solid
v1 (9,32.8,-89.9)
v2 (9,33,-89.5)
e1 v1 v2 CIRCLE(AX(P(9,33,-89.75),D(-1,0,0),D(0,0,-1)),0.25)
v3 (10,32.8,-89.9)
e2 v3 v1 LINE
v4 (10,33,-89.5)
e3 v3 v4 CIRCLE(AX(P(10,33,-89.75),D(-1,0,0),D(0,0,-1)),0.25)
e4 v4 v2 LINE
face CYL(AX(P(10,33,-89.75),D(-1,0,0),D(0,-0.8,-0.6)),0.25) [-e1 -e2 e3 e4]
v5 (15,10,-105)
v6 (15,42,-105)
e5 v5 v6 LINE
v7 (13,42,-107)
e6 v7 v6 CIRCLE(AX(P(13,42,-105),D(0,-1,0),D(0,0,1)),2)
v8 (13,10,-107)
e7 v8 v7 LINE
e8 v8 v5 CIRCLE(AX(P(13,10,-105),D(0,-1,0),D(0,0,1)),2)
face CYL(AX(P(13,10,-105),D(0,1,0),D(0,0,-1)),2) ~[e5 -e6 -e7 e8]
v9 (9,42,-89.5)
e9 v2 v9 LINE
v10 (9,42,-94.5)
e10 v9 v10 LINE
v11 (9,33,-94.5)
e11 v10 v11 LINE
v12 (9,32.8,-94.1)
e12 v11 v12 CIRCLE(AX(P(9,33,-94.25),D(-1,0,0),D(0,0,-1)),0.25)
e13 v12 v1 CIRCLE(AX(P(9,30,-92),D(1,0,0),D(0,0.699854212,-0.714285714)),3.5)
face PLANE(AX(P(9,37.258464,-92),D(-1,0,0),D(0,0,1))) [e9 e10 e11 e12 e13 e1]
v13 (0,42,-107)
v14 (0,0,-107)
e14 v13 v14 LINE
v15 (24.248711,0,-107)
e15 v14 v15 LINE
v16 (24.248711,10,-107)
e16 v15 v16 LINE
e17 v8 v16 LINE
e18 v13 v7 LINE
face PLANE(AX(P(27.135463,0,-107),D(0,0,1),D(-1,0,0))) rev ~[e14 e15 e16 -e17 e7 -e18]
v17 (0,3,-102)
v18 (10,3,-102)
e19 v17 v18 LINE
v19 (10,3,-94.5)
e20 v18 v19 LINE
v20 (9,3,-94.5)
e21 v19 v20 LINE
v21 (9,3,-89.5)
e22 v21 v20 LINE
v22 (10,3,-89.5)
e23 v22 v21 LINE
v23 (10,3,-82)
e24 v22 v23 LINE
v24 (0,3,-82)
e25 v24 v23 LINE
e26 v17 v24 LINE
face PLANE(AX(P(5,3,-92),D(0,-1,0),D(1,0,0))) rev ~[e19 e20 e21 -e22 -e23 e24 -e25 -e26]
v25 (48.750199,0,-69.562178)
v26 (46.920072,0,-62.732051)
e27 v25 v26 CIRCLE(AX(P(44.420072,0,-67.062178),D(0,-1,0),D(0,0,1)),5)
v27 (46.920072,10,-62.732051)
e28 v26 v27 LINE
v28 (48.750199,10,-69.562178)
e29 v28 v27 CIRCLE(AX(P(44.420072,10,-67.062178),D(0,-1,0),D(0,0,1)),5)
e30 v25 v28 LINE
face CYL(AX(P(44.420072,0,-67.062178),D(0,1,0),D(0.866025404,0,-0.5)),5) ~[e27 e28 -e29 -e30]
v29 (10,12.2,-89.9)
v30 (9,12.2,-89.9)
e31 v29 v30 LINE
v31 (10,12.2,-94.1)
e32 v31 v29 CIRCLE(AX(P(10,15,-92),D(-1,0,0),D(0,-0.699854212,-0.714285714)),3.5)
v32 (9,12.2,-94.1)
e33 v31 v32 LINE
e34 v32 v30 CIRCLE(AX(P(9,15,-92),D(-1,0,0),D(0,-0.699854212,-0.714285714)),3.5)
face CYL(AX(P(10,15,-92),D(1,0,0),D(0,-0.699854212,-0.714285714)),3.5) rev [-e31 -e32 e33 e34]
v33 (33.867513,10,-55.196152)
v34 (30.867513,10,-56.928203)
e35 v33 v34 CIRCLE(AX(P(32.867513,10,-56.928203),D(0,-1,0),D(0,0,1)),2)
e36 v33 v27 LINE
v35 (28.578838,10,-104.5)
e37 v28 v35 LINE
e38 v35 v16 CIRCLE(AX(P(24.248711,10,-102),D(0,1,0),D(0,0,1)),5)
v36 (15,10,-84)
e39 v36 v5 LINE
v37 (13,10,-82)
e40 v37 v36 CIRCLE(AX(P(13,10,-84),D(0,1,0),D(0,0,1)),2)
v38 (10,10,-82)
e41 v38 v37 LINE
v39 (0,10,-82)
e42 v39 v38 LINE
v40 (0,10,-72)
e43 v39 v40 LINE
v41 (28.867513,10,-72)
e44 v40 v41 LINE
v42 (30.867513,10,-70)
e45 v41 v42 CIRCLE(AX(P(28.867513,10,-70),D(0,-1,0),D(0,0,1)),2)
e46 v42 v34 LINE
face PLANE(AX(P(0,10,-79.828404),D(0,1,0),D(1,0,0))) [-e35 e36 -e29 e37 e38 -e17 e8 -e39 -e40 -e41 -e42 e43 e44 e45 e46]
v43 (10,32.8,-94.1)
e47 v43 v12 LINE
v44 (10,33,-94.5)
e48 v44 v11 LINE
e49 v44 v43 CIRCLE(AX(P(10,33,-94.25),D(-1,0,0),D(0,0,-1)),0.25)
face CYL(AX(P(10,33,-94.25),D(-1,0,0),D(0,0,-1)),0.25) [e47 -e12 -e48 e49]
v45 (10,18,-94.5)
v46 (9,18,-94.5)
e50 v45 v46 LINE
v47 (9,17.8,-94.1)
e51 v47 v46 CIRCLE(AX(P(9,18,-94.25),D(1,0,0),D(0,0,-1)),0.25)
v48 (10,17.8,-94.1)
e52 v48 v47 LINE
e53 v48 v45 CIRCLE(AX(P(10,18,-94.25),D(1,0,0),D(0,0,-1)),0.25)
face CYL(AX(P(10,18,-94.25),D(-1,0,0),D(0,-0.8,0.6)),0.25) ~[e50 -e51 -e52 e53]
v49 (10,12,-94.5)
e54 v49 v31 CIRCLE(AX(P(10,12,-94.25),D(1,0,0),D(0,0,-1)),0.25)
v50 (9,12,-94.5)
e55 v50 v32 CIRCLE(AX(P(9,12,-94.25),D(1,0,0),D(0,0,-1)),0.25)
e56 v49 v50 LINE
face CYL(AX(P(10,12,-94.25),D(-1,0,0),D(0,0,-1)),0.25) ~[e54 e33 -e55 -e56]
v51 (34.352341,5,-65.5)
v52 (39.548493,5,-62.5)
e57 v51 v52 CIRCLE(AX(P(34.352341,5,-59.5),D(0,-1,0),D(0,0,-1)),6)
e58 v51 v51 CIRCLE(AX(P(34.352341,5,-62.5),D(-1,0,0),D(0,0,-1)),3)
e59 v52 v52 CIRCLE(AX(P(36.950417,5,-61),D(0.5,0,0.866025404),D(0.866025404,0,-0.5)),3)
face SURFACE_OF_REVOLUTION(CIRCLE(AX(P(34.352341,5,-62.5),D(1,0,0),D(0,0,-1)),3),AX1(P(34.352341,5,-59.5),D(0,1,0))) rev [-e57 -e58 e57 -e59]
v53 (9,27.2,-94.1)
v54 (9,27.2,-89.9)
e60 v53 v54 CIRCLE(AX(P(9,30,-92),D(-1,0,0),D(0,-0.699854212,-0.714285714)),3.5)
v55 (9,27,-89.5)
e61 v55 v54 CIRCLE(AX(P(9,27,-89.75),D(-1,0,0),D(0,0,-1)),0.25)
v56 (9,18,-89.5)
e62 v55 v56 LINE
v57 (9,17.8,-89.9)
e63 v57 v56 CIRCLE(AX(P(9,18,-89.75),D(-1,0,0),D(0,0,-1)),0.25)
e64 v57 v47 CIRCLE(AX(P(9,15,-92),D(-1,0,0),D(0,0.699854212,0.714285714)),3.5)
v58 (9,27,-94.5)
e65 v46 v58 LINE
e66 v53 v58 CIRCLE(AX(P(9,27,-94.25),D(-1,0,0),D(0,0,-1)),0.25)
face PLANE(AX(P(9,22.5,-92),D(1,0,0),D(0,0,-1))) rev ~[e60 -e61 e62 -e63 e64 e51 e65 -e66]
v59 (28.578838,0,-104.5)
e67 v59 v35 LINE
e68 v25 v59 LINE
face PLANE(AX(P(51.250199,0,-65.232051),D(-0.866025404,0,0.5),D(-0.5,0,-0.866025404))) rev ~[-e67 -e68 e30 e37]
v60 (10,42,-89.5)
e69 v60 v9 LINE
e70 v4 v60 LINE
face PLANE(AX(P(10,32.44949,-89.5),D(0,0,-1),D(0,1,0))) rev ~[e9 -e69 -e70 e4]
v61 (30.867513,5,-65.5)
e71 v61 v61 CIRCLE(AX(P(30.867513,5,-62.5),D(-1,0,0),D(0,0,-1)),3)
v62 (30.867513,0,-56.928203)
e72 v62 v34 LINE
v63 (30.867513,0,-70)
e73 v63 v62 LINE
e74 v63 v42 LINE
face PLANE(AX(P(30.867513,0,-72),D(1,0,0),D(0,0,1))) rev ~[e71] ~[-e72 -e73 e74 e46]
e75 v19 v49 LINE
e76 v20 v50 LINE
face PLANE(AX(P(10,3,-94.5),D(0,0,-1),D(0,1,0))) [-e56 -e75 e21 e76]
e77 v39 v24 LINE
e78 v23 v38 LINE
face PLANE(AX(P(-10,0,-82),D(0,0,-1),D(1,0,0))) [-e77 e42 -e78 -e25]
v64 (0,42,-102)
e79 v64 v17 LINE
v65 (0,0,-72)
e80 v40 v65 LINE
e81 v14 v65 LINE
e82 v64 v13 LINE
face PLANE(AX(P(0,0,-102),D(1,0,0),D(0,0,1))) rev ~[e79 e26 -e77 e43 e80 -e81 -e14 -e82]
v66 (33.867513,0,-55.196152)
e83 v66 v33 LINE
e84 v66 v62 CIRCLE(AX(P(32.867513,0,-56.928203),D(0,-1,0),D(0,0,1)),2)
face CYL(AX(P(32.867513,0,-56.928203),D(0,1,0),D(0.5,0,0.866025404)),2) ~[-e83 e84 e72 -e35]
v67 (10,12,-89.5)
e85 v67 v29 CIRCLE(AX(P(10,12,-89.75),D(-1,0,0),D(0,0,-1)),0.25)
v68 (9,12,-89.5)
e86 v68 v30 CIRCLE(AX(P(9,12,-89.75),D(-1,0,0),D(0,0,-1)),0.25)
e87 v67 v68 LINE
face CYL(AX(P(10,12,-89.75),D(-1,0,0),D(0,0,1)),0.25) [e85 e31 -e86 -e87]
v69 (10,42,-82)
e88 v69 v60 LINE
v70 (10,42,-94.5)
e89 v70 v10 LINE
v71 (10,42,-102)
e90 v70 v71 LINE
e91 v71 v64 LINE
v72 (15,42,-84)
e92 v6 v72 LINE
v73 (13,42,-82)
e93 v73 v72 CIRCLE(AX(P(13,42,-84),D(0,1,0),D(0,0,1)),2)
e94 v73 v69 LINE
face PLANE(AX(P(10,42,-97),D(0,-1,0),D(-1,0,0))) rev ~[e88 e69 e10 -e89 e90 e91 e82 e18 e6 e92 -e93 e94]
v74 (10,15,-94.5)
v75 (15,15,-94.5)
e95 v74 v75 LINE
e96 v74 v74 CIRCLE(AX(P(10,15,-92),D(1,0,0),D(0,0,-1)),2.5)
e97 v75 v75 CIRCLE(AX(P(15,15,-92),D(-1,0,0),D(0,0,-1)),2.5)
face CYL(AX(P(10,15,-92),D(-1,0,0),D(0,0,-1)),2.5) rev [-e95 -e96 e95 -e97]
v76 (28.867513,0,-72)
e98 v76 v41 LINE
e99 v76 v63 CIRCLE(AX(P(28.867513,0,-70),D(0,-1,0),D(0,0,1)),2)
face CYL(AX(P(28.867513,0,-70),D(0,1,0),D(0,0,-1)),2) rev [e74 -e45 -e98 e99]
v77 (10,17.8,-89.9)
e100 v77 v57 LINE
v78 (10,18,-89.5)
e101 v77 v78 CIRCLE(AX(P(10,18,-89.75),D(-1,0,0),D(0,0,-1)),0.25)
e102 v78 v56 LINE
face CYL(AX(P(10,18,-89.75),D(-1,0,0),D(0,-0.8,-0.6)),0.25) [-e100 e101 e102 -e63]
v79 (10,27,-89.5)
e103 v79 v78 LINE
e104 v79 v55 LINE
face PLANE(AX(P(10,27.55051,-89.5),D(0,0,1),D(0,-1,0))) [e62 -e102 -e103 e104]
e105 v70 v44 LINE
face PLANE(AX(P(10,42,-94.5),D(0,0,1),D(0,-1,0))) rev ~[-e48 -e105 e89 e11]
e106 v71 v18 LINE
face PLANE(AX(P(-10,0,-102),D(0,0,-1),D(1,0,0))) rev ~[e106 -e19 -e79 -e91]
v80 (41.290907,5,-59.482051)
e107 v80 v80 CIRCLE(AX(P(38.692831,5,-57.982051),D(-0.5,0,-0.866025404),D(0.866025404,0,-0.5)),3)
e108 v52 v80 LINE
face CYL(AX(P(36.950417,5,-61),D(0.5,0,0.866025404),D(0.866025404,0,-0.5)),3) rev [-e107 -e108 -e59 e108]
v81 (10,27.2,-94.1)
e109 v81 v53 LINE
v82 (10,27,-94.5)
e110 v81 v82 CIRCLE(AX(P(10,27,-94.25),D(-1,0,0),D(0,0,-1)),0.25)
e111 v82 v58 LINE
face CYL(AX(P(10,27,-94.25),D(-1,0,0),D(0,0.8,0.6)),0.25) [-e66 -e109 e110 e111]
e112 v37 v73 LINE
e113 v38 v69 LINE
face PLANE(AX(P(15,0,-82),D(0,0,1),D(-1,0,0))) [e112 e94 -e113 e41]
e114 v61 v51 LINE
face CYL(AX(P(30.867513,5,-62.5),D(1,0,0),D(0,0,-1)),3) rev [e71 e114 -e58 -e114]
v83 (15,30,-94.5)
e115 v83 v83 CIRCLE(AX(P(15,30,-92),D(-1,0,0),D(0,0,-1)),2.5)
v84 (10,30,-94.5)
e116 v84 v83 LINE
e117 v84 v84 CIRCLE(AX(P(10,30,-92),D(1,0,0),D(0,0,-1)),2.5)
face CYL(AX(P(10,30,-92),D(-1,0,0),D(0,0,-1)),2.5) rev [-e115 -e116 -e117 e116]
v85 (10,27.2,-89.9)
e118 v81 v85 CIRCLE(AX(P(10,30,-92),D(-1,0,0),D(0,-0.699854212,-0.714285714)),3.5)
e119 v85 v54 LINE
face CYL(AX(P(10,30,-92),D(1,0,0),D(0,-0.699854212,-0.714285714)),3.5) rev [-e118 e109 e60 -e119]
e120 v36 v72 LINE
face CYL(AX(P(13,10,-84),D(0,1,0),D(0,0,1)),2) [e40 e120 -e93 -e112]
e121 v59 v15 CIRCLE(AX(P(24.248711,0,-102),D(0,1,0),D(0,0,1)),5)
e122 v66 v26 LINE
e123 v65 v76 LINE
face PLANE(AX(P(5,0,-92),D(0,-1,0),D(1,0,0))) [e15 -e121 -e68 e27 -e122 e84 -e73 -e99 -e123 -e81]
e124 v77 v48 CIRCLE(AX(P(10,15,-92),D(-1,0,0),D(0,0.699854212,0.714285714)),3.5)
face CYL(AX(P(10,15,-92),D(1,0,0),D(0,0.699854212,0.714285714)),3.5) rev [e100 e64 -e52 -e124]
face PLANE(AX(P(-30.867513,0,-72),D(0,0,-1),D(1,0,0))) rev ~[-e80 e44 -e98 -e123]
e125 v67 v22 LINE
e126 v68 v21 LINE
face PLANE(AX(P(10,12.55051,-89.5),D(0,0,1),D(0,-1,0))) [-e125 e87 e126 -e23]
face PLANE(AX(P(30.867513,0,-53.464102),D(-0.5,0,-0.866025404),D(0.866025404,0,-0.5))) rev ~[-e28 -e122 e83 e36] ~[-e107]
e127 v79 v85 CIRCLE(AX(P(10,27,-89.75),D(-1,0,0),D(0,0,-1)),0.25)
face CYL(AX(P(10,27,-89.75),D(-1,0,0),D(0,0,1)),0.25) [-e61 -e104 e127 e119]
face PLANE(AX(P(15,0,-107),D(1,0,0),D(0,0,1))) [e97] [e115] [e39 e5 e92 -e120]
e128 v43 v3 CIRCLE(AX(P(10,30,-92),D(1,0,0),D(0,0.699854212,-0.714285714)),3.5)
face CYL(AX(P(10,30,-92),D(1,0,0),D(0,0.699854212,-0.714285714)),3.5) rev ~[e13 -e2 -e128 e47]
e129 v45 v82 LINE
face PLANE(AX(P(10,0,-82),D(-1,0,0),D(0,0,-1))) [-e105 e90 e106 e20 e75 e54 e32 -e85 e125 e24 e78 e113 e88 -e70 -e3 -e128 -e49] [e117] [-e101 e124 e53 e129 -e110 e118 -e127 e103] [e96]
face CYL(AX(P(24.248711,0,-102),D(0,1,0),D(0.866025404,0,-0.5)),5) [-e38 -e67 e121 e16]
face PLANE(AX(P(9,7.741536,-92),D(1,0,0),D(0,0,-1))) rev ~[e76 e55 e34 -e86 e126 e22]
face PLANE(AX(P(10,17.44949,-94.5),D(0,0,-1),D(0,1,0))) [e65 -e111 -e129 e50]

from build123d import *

# Parameters (mm, degrees)
SKETCH1_W                = 20
SKETCH1_H                = 20.000000000000014
BOSS_EXTRUDE1_DEPTH      = 10
SKETCH2_R                = 3.000000000000015
CUT_EXTRUDE1_DEPTH       = 120.06125706799004
BOSS_EXTRUDE2_DEPTH      = 32
BOSS_EXTRUDE2_DEPTH_BACK = 10
SKETCH7_R                = 2.4999999999999956
CUT_EXTRUDE3_DEPTH       = 20
SKETCH8_W                = 10
SKETCH8_H                = 20.000000000000014
BOSS_EXTRUDE4_DEPTH      = 3
BOSS_EXTRUDE5_DEPTH      = 1
FILLET1_R                = 0.25
FILLET3_R                = 2
FILLET4_R                = 5


with BuildPart() as part:
    # Sketch1 → Boss-Extrude1 (new body)
    with BuildSketch(Plane(origin=(0, 0, 0), x_dir=(1, 0, 0), z_dir=(0, 1, 0))):
        Polygon((-51.25019936166113, 65.23205080756885), (-46.92007234273894, 62.732050807568854), (-30.867513459481355, 53.46410161513777), (-30.867513459481355, 72), (30.867513459481284, 72), (30.867513459481284, 53.46410161513781), (46.92007234273889, 62.73205080756891), (51.25019936166109, 65.23205080756892), (27.13546265191245, 106.99999999999991), (-27.135462651912732, 106.99999999999991), align=None)
        with Locations((0, 91.99999999999991)):
            Rectangle(SKETCH1_W, SKETCH1_H, mode=Mode.SUBTRACT)
    extrude(amount=BOSS_EXTRUDE1_DEPTH)

    # Cut-Sweep1: sweep along a path in Sketch3
    with BuildLine(Plane(origin=(0, 5, 0), x_dir=(1, 0, 0), z_dir=(0, 1, 0))) as cut_sweep1_path:
        Line((-30.867513459481355, 62.499999999999986), (-34.35234101678278, 62.499999999999986))
        ThreePointArc((-34.35234101678278, 62.499999999999986), (-35.85234101678278, 62.0980762113533), (-36.9504172281361, 60.999999999999986))
        Line((-36.9504172281361, 60.999999999999986), (-38.69283100678681, 57.98205080756888))
    # Sketch2 → Cut-Sweep1 (sweep, cut)
    with BuildSketch(Plane(origin=(-30.867513459481355, 0, 0), x_dir=(0, 0, -1), z_dir=(1, 0, 0))):
        with Locations((62.49999999999999, 5)):
            Circle(SKETCH2_R)
    cut_sweep1 = sweep(path=cut_sweep1_path.line, mode=Mode.SUBTRACT)

    # Mirror3: Cut-Sweep1 across plane
    add(cut_sweep1.mirror(Plane(origin=(0, 0, 0), x_dir=(0, 0, 1), z_dir=(1, 0, 0))), mode=Mode.SUBTRACT)

    # Sketch4 → Cut-Extrude1 (cut, through all)
    with BuildSketch(Plane(origin=(0, 0, 0), x_dir=(0, 0, -1), z_dir=(1, 0, 0))):
        Polygon((65.23205080756894, 0), (106.99999999999991, 0), (106.99999999999991, 10), (65.23205080756894, 10), (53.46410161513781, 10), (53.46410161513781, 0), align=None)
    extrude(amount=-CUT_EXTRUDE1_DEPTH, mode=Mode.SUBTRACT)

    # Sketch5 → Boss-Extrude2 (add, two sides: drawn at the far end of the back side and taken through both)
    with BuildSketch(Plane(origin=(0, 10, 0), x_dir=(1, 0, 0), z_dir=(0, 1, 0)).offset(-BOSS_EXTRUDE2_DEPTH_BACK)):
        Polygon((10, 81.99999999999991), (10, 101.99999999999993), (0, 101.99999999999993), (0, 106.99999999999991), (14.999999999999993, 106.99999999999991), (14.999999999999996, 81.99999999999991), align=None)
    extrude(amount=BOSS_EXTRUDE2_DEPTH + BOSS_EXTRUDE2_DEPTH_BACK)

    # Sketch7 → Cut-Extrude3 (cut)
    with BuildSketch(Plane(origin=(10, 0, 0), x_dir=(0, 0, -1), z_dir=(1, 0, 0))):
        with Locations((91.99999999999991, 15)):
            Circle(SKETCH7_R)
        with Locations((91.99999999999991, 30)):
            Circle(SKETCH7_R)
    extrude(amount=CUT_EXTRUDE3_DEPTH, mode=Mode.SUBTRACT)

    # Sketch8 → Boss-Extrude4 (add)
    with BuildSketch(Plane.XZ):
        with Locations((5, -91.99999999999991)):
            Rectangle(SKETCH8_W, SKETCH8_H)
    extrude(amount=-BOSS_EXTRUDE4_DEPTH)

    # Sketch9 → Boss-Extrude5 (add)
    with BuildSketch(Plane.ZY.offset(-10)):
        with BuildLine():
            Line((-94.49999999999991, 3), (-94.49999999999991, 12.550510257216839))
            ThreePointArc((-94.49999999999991, 12.550510257216839), (-91.99999999999991, 11.500000000000012), (-89.49999999999991, 12.550510257216839))
            Line((-89.49999999999991, 12.550510257216839), (-89.49999999999991, 3.000000000000001))
            Line((-89.49999999999991, 3.000000000000001), (-94.49999999999991, 3))
        make_face()
        with BuildLine():
            Line((-89.49999999999993, 42), (-94.49999999999991, 42))
            Line((-94.49999999999991, 42), (-94.49999999999991, 32.44948974278316))
            ThreePointArc((-94.49999999999991, 32.44948974278316), (-91.99999999999991, 33.499999999999986), (-89.49999999999991, 32.44948974278316))
            Line((-89.49999999999991, 32.44948974278316), (-89.49999999999993, 42))
        make_face()
        with BuildLine():
            Line((-94.49999999999991, 17.44948974278316), (-94.49999999999991, 27.55051025721684))
            ThreePointArc((-94.49999999999991, 27.55051025721684), (-91.9999999999999, 26.50000000000001), (-89.4999999999999, 27.550510257216853))
            Line((-89.4999999999999, 27.550510257216853), (-89.49999999999991, 17.44948974278316))
            ThreePointArc((-89.49999999999991, 17.44948974278316), (-91.99999999999991, 18.49999999999999), (-94.49999999999991, 17.44948974278316))
        make_face()
    extrude(amount=BOSS_EXTRUDE5_DEPTH)

    # Fillet1
    fillet1_edges = [part.edges().sort_by_distance(p)[0] for p in [
        (9.5, 12.550510257216839, -89.49999999999991),
        (9.5, 12.550510257216839, -94.49999999999991),
        (9.5, 32.44948974278316, -94.49999999999991),
        (9.5, 32.44948974278316, -89.49999999999991),
        (9.5, 27.550510257216853, -89.4999999999999),
        (9.5, 27.55051025721684, -94.49999999999991),
        (9.5, 17.44948974278316, -94.49999999999991),
        (9.5, 17.44948974278316, -89.49999999999991),
    ]]
    fillet(fillet1_edges, radius=FILLET1_R)

    # Fillet3
    fillet3_edges = [part.edges().sort_by_distance(p)[0] for p in [
        (14.999999999999996, 26, -81.99999999999991),
        (14.999999999999993, 26, -106.99999999999991),
        (30.867513459481284, 5, -53.46410161513781),
        (30.867513459481284, 5, -72),
    ]]
    fillet(fillet3_edges, radius=FILLET3_R)

    # Fillet4
    fillet4_edges = [part.edges().sort_by_distance(p)[0] for p in [
        (27.135462651912448, 5, -106.99999999999991),
        (51.2501993616611, 5, -65.23205080756894),
    ]]
    fillet(fillet4_edges, radius=FILLET4_R)


solid = part.part
